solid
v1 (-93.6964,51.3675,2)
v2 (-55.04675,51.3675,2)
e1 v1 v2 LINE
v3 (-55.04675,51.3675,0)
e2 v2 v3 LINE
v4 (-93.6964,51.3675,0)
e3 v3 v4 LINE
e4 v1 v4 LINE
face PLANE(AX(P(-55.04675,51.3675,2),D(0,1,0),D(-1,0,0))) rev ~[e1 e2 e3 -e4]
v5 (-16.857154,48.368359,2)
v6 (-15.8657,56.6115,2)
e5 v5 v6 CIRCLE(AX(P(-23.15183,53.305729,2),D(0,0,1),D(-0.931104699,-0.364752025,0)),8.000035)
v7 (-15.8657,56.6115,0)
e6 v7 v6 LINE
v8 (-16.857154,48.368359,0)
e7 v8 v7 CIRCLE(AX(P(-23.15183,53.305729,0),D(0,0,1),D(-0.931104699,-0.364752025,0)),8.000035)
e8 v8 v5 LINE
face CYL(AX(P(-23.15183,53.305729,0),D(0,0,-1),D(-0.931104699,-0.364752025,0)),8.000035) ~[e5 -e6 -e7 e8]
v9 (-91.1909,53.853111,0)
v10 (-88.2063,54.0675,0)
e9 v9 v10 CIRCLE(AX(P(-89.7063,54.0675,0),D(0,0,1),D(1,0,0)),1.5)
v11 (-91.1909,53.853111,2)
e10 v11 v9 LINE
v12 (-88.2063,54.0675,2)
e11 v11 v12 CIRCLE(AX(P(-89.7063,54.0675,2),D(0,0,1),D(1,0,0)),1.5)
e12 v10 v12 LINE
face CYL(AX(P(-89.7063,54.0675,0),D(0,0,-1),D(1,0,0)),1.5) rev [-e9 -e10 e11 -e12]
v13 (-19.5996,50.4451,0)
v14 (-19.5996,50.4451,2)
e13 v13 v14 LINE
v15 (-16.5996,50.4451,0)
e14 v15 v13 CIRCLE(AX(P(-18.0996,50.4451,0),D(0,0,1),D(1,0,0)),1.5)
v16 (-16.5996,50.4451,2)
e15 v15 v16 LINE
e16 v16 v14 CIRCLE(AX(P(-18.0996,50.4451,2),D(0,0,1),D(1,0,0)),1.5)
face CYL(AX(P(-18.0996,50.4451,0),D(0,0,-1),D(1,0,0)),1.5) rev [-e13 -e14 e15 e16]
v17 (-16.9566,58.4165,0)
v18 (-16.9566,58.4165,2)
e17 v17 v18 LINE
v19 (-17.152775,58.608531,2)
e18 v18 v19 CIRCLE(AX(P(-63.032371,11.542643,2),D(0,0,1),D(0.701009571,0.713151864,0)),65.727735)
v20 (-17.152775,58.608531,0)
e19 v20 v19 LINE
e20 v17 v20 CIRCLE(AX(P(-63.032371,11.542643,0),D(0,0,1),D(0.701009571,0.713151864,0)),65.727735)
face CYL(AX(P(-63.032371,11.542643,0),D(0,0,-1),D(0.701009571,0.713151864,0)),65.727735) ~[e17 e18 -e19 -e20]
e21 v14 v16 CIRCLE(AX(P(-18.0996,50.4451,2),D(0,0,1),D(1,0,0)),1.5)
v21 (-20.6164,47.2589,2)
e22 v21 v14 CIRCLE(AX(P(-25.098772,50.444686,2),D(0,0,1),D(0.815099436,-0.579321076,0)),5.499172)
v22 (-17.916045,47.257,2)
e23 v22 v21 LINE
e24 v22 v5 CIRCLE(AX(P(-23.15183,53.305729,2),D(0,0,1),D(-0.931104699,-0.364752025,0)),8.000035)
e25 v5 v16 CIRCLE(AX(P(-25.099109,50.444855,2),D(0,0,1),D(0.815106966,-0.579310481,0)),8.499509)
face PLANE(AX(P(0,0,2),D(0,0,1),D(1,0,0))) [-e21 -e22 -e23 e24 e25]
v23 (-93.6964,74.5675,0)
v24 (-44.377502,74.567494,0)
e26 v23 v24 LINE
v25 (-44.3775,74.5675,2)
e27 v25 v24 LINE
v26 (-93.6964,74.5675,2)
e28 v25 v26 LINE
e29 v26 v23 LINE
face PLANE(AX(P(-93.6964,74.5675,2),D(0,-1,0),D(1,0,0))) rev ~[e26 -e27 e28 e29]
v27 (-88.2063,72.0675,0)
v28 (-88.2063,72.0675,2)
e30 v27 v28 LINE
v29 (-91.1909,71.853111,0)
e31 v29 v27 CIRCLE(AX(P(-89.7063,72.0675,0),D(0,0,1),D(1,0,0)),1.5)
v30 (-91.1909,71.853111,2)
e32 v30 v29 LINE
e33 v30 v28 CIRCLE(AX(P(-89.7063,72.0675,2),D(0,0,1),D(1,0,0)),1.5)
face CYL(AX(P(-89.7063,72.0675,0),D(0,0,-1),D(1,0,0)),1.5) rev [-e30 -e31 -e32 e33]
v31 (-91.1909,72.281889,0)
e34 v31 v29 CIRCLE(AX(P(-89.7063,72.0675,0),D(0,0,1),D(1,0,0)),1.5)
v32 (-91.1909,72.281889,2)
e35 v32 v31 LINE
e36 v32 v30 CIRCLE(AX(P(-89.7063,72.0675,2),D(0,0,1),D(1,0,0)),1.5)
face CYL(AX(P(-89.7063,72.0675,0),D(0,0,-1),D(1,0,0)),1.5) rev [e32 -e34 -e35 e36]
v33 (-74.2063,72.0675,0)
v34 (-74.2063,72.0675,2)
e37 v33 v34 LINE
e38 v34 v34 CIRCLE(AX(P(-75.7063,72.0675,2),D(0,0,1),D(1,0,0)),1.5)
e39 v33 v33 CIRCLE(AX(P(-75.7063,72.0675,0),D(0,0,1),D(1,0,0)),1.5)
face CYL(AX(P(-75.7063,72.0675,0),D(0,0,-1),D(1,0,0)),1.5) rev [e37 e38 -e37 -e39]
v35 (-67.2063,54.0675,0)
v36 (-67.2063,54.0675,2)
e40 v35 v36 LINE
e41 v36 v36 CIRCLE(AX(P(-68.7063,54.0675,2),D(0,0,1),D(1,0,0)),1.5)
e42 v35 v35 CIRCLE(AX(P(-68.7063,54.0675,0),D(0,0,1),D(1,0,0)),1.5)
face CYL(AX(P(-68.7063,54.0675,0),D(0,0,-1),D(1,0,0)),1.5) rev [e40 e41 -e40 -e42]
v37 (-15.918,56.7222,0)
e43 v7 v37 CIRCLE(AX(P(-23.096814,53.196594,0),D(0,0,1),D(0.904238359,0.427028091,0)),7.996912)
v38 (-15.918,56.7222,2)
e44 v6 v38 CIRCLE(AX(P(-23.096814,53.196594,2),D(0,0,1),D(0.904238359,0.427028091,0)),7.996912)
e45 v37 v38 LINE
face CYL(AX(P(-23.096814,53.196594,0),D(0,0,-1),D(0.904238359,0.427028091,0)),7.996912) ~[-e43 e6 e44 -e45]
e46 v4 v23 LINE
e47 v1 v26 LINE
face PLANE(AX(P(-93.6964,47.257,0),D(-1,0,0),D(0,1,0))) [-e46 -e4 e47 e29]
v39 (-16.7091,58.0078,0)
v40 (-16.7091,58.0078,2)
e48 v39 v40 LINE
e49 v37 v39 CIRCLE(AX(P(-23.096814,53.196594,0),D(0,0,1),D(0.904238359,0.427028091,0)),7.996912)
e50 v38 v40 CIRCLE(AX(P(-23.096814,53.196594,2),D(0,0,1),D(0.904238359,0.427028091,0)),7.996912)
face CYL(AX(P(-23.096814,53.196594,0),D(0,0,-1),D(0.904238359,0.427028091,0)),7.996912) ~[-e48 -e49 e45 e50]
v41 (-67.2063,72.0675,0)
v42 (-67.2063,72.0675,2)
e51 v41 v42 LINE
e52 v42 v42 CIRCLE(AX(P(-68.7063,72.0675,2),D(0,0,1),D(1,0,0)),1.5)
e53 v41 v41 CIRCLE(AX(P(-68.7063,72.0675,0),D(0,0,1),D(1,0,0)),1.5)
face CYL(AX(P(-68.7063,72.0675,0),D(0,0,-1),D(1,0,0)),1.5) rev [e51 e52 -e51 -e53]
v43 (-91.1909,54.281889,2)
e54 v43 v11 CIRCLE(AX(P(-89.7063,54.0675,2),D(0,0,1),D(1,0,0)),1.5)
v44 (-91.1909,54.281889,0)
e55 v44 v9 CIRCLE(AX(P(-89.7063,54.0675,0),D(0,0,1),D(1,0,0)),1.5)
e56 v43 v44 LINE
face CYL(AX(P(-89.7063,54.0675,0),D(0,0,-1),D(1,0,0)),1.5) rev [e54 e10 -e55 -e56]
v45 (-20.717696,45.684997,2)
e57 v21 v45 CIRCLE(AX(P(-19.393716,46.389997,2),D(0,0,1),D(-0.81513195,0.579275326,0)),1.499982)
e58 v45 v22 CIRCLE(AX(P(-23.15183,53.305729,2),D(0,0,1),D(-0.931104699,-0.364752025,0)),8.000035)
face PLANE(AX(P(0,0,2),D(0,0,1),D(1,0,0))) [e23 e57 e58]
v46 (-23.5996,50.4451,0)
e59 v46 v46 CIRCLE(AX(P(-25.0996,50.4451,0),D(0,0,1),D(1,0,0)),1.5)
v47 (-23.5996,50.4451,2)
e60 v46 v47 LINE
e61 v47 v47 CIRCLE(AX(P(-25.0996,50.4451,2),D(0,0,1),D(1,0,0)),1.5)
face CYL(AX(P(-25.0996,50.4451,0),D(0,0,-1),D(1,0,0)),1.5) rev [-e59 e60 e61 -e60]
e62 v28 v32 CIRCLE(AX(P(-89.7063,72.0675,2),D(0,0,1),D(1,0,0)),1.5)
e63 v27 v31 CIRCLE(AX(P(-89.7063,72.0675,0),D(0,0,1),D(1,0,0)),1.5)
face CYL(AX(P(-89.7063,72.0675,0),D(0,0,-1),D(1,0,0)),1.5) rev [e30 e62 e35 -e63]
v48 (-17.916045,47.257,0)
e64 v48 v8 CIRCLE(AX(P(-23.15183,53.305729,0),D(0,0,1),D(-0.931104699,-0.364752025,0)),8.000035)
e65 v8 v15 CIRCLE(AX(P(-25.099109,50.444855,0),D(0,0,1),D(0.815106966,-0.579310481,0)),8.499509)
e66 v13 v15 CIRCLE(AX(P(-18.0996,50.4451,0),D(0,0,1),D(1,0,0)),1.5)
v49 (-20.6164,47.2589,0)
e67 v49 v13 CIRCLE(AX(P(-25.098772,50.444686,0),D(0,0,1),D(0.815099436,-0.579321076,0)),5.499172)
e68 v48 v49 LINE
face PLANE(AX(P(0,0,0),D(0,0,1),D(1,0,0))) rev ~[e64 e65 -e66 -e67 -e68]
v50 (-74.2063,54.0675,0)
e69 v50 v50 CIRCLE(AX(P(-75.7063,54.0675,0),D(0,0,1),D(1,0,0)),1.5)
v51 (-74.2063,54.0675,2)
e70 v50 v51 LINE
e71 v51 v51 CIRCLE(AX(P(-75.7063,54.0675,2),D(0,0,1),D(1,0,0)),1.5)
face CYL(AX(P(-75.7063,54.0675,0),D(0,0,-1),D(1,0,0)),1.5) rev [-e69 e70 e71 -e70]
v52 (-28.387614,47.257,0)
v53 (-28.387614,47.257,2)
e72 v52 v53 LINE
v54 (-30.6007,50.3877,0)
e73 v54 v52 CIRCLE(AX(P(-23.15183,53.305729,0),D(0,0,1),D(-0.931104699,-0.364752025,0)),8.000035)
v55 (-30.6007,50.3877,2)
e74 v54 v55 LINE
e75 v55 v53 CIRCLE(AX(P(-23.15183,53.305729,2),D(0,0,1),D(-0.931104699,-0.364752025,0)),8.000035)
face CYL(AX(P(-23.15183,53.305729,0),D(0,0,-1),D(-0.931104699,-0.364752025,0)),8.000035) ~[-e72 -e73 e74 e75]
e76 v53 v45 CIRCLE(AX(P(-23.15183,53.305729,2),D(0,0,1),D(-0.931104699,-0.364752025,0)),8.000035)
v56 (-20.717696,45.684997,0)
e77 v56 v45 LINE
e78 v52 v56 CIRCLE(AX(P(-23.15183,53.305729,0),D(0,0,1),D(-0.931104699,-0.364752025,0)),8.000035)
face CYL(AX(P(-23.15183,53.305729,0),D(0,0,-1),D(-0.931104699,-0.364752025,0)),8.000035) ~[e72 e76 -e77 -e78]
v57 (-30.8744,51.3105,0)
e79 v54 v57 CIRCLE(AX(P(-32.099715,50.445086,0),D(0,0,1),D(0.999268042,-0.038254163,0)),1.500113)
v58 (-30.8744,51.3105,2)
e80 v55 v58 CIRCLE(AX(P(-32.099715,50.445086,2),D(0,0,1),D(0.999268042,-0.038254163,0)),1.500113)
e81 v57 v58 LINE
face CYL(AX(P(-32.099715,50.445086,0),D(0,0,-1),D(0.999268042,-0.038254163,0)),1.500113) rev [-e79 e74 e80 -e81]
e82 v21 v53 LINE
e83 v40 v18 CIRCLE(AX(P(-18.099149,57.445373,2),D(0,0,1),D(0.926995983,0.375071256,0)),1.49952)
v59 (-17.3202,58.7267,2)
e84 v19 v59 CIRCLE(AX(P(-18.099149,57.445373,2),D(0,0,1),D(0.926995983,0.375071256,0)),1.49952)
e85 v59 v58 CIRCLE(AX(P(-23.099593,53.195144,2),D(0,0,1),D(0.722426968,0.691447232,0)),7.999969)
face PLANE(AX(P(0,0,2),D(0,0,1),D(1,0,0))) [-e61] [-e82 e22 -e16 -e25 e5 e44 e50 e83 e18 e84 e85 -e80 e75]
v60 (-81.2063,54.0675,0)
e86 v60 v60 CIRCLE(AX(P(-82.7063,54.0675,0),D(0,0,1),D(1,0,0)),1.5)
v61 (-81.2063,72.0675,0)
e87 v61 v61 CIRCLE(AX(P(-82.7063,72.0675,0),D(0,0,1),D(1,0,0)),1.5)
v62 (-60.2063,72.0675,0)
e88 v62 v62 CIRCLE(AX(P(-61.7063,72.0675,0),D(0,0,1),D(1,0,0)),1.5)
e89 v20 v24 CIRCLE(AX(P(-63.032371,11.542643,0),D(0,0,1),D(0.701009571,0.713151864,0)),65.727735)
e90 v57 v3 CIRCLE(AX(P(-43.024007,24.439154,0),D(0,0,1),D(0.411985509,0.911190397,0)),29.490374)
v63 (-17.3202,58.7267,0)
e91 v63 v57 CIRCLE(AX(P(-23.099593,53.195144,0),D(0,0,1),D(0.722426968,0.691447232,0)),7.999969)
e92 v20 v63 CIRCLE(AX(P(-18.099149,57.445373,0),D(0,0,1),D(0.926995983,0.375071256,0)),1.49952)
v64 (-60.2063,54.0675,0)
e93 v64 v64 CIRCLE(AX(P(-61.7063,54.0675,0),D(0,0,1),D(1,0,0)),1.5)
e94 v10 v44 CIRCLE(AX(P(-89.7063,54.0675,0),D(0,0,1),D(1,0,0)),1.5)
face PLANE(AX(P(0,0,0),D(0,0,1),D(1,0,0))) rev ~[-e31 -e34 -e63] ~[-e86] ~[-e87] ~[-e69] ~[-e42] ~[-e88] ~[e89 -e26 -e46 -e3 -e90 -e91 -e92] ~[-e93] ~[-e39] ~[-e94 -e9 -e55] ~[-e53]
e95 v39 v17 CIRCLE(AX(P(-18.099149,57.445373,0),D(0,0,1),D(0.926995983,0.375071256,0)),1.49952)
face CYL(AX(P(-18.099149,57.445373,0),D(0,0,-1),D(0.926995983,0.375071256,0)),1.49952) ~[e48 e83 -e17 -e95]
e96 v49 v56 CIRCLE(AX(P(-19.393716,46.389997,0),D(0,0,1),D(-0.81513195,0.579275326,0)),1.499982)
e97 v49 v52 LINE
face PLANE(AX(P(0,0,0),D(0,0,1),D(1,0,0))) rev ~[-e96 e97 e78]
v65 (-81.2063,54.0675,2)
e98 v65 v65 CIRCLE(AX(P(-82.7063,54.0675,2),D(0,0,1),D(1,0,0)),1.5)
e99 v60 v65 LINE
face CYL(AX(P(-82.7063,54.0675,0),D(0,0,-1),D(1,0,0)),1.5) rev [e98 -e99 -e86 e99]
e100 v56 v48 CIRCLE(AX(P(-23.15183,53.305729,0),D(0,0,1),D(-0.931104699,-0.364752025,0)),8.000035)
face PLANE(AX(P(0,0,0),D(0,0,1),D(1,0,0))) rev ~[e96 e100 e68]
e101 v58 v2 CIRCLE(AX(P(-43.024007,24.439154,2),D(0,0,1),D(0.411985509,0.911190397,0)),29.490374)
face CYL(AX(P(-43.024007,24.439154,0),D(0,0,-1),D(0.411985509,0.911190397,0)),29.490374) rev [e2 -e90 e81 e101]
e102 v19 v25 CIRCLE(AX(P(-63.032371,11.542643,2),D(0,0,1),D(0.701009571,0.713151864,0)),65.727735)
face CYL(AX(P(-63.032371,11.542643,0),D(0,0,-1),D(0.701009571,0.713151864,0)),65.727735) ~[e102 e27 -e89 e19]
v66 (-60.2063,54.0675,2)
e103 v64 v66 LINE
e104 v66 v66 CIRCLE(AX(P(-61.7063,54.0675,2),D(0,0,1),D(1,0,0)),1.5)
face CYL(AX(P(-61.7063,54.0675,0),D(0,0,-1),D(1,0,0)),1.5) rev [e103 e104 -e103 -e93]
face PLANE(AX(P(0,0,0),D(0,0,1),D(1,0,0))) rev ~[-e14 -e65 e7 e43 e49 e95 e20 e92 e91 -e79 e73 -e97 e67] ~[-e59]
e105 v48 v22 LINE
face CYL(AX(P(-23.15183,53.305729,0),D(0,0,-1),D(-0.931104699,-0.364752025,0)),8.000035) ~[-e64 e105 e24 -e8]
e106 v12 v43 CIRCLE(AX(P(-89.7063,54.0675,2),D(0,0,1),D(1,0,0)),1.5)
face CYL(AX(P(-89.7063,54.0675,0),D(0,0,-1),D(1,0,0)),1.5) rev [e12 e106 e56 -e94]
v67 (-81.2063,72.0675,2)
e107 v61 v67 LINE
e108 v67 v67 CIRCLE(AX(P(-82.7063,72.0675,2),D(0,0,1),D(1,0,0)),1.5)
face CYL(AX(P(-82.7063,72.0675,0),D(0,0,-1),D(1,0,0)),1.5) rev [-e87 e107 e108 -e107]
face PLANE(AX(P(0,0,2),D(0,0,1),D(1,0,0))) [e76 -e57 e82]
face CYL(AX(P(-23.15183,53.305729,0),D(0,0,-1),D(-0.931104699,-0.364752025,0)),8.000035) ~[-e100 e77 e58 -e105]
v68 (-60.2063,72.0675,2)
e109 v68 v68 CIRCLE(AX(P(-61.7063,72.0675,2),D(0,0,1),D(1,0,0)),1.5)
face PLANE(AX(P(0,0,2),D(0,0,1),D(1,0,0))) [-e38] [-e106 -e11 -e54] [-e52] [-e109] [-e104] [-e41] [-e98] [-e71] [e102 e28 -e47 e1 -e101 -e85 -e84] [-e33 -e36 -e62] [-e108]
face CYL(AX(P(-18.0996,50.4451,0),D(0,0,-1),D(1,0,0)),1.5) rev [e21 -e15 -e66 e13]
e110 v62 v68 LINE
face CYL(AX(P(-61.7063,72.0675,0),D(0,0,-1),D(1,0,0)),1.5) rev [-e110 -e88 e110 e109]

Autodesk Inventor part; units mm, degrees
ref_plane "YZ Plane" through (0, 0, 0) normal (1, 0, 0) x (0, 1, 0)
ref_plane "XZ Plane" through (0, 0, 0) normal (0, 1, 0) x (-1, 0, 0)
ref_plane "РабПлоскость1" through (0, 0, 0) normal (0, 0, 1) x (1, 0, 0)
sketch "Эскиз1" plane through (0, 0, 0) normal (0, 0, 1) x (1, 0, 0)
  line L0 (-3.6964, 47.257) -> (-93.6964, 47.257)
  line L1 (-93.6964, 47.257) -> (-93.6964, 77.257)
  line L2 (-93.6964, 77.257) -> (-3.6964, 77.257)
  line L3 (-3.6964, 77.257) -> (-3.6964, 47.257)
  circle A0 centre (-25.0996, 50.4451) radius 1.5 projected
  circle A1 centre (-61.7063, 54.0675) radius 1.5
  circle A2 centre (-68.7063, 54.0675) radius 1.5
  circle A3 centre (-75.7063, 54.0675) radius 1.5
  circle A4 centre (-82.7063, 54.0675) radius 1.5
  circle A5 centre (-89.7063, 54.0675) radius 1.5
  circle A6 centre (-61.7063, 72.0675) radius 1.5
  circle A7 centre (-68.7063, 72.0675) radius 1.5
  circle A8 centre (-75.7063, 72.0675) radius 1.5
  circle A9 centre (-82.7063, 72.0675) radius 1.5
  circle A10 centre (-89.7063, 72.0675) radius 1.5
  circle A11 centre (-5.0903, 22.9004) radius 1.5 projected
  circle A12 centre (-13.6314, 40.9849) radius 1.5 projected
  circle A13 centre (-0.8198, 13.8581) radius 1.5 projected
  circle A14 centre (3.4507, 4.8159) radius 1.5 projected
  circle A15 centre (11.9918, -13.2686) radius 1.5 projected
  circle A16 centre (-9.3609, 31.9427) radius 1.5 projected
  circle A17 centre (16.2623, -22.3109) radius 1.5 projected
  circle A18 centre (-9.4594, 1.6491) radius 1.5 projected
  circle A19 centre (-3.3563, -17.3969) radius 1.5 projected
  circle A20 centre (-18.6141, 30.2182) radius 1.5 projected
  circle A21 centre (-12.511, 11.1722) radius 1.5 projected
  circle A22 centre (-15.5626, 20.6952) radius 1.5 projected
  circle A23 centre (-21.6657, 39.7412) radius 1.5 projected
  circle A24 centre (-6.4079, -7.8739) radius 1.5 projected
  circle A25 centre (-0.3048, -26.9199) radius 1.5 projected
  arc A26 (1.815, -50.7724) -> (29.663, -39.7893) centre (16.0996, -46.1951) ccw projected
  line L4 (29.663, -39.7893) -> (-15.8657, 56.6115) projected
  arc A27 (-15.8657, 56.6115) -> (-16.7091, 58.0078) centre (-23.0996, 53.1951) ccw projected
  arc A28 (-16.7091, 58.0078) -> (-17.3202, 58.7267) centre (-18.0996, 57.4451) ccw projected
  arc A29 (-17.3202, 58.7267) -> (-30.8744, 51.3105) centre (-23.0996, 53.1951) ccw projected
  arc A30 (-30.6007, 50.3877) -> (-30.8744, 51.3105) centre (-32.0996, 50.4451) ccw projected
  line L5 (-30.6007, 50.3877) -> (1.815, -50.7724) projected
  circle A31 centre (25.6634, -44.4774) radius 1.5 projected
  circle A32 centre (5.6634, -44.4774) radius 1.5 projected
  circle A33 centre (-25.0996, 50.4451) radius 1.5 projected
  arc A34 (-16.9566, 58.4165) -> (-61.7063, 77.257) centre (-63.0326, 11.5423) ccw
  arc A35 (-30.8744, 51.3105) -> (-61.7063, 47.257) centre (-43.024, 24.4392) ccw
  arc A36 (-30.6007, 50.3877) -> (-15.918, 56.7222) centre (-23.1518, 53.3058) ccw
  arc A37 (-16.5996, 50.4451) -> (-19.5996, 50.4451) centre (-18.0996, 50.4451) ccw projected
  arc A38 (-18.1711, 45.521) -> (-16.5996, 50.4451) centre (-25.0996, 50.4451) ccw projected
  arc A39 (-20.6164, 47.2589) -> (-18.1711, 45.521) centre (-19.3937, 46.39) ccw projected
  arc A40 (-20.6164, 47.2589) -> (-19.5996, 50.4451) centre (-25.0996, 50.4451) ccw projected
  arc A41 (-16.5996, 50.4451) -> (-19.5996, 50.4451) centre (-18.0996, 50.4451) ccw projected
  arc A42 (6.296, -11.0397) -> (4.5608, -0.7256) centre (-6.4079, -7.8739) ccw projected
  arc A43 (7.0742, 0.9124) -> (4.5608, -0.7256) centre (5.8175, 0.0934) ccw projected
  arc A44 (9.207, -11.7651) -> (7.0742, 0.9124) centre (-6.4079, -7.8739) ccw projected
  arc A45 (6.296, -11.0397) -> (9.207, -11.7651) centre (7.7515, -11.4024) ccw projected
  circle A46 centre (-18.0996, 50.4451) radius 1.5
  point P0 (0, 0)
  point P1 (-15.8921, 56.6667)
  point P2 (-19.5996, 50.4451)
  dimension "d0" = 90
  dimension "d1" = 30
  dimension "d2" = 3
  dimension "d5" = 7
  dimension "d8" = 18
extrude "Выдавливание1" add sketch "Эскиз1" along normal blind 2 contours L0 L1 L2 A34 A28 A29 A35 | A29 A28 A34 A27 A36 A38 A37 A40 L0 A30 | L0 A39 A36 | A40 A46 A38 A36 L0 | L0 A36 A39
sketch "Эскиз2" plane through (0, 0, 2) normal (0, 0, 1) x (1, 0, 0)
  line L0 (-83.9909, 70.7175) -> (-91.1909, 70.7175) projected
  line L1 (-91.1909, 70.7175) -> (-91.1909, 74.5675) projected
  line L2 (-91.1909, 74.5675) -> (-50.1909, 74.5675) projected
  line L3 (-50.1909, 74.5675) -> (-50.1909, 72.0675) projected
  line L4 (-50.1909, 72.0675) -> (-58.3909, 72.0675) projected
  line L5 (-58.3909, 72.0675) -> (-58.3909, 54.0675) projected
  line L6 (-58.3909, 54.0675) -> (-50.1909, 54.0675) projected
  line L7 (-50.1909, 54.0675) -> (-50.1909, 51.3675) projected
  line L8 (-50.1909, 51.3675) -> (-91.1909, 51.3675) projected
  line L9 (-91.1909, 51.3675) -> (-91.1909, 55.2175) projected
  line L10 (-91.1909, 55.2175) -> (-83.9909, 55.2175) projected
  line L11 (-83.9909, 55.2175) -> (-83.9909, 70.7175) projected
  circle A0 centre (-82.7063, 72.0675) radius 1.5 projected
  circle A1 centre (-61.7063, 54.0675) radius 1.5 projected
  circle A2 centre (-61.7063, 72.0675) radius 1.5 projected
  circle A3 centre (-82.7063, 54.0675) radius 1.5 projected
  arc A4 (-15.8921, 56.6667) -> (-16.7091, 58.0078) centre (-23.0996, 53.1951) ccw projected
  arc A5 (-16.7091, 58.0078) -> (-16.9566, 58.4165) centre (-18.0996, 57.4451) ccw projected
  arc A6 (-16.9566, 58.4165) -> (-61.7063, 77.257) centre (-63.0326, 11.5423) ccw projected
  line L12 (-61.7063, 77.257) -> (-93.6964, 77.257) projected
  line L13 (-93.6964, 77.257) -> (-93.6964, 47.257) projected
  line L14 (-93.6964, 47.257) -> (-61.7063, 47.257) projected
  arc A7 (-30.8744, 51.3105) -> (-61.7063, 47.257) centre (-43.024, 24.4392) ccw projected
  arc A8 (-30.6007, 50.3877) -> (-30.8744, 51.3105) centre (-32.0996, 50.4451) ccw projected
  arc A9 (-30.6007, 50.3877) -> (-15.8921, 56.6667) centre (-23.1518, 53.3058) ccw projected
  circle A10 centre (-61.7063, 54.0675) radius 1.5 projected
  circle A11 centre (-61.7063, 72.0675) radius 1.5 projected
  circle A12 centre (-82.7063, 72.0675) radius 1.5 projected
  circle A13 centre (-68.7063, 72.0675) radius 1.5 projected
  circle A14 centre (-68.7063, 54.0675) radius 1.5 projected
  circle A15 centre (-75.7063, 54.0675) radius 1.5 projected
  circle A16 centre (-82.7063, 54.0675) radius 1.5 projected
  circle A17 centre (-89.7063, 54.0675) radius 1.5 projected
  circle A18 centre (-75.7063, 72.0675) radius 1.5 projected
  circle A19 centre (-89.7063, 72.0675) radius 1.5 projected
  circle A20 centre (-25.0996, 50.4451) radius 1.5 projected
  line L15 (-93.6964, 77.257) -> (-93.6964, 47.257) projected
  line L16 (-91.1909, 51.3675) -> (-93.6964, 51.3675)
  line L17 (-93.6964, 51.3675) -> (-93.6964, 74.5675)
  line L18 (-93.6964, 74.5675) -> (-91.1909, 74.5675)
  line L19 (-91.1909, 74.5675) -> (-91.1909, 51.3675)
  line L20 (-50.1909, 74.5675) -> (-44.3775, 74.5675)
  point P0 (0, 0)
  point P1 (-91.1909, 54.2816)
  point P2 (-91.1909, 53.8534)
  point P3 (-91.1909, 72.2816)
  point P4 (-91.1909, 71.8534)
  point P5 (-55.0469, 51.3675)
extrude "Выдавливание2" cut sketch "Эскиз2" against normal blind 3 contours A19 L1 | L18 L13 L12 A6 L20 L2 | L9 A17 | L8 A7 L14 L13 L16
properties part number "ЛЦМК.30000.20.00.01 Дужка"
